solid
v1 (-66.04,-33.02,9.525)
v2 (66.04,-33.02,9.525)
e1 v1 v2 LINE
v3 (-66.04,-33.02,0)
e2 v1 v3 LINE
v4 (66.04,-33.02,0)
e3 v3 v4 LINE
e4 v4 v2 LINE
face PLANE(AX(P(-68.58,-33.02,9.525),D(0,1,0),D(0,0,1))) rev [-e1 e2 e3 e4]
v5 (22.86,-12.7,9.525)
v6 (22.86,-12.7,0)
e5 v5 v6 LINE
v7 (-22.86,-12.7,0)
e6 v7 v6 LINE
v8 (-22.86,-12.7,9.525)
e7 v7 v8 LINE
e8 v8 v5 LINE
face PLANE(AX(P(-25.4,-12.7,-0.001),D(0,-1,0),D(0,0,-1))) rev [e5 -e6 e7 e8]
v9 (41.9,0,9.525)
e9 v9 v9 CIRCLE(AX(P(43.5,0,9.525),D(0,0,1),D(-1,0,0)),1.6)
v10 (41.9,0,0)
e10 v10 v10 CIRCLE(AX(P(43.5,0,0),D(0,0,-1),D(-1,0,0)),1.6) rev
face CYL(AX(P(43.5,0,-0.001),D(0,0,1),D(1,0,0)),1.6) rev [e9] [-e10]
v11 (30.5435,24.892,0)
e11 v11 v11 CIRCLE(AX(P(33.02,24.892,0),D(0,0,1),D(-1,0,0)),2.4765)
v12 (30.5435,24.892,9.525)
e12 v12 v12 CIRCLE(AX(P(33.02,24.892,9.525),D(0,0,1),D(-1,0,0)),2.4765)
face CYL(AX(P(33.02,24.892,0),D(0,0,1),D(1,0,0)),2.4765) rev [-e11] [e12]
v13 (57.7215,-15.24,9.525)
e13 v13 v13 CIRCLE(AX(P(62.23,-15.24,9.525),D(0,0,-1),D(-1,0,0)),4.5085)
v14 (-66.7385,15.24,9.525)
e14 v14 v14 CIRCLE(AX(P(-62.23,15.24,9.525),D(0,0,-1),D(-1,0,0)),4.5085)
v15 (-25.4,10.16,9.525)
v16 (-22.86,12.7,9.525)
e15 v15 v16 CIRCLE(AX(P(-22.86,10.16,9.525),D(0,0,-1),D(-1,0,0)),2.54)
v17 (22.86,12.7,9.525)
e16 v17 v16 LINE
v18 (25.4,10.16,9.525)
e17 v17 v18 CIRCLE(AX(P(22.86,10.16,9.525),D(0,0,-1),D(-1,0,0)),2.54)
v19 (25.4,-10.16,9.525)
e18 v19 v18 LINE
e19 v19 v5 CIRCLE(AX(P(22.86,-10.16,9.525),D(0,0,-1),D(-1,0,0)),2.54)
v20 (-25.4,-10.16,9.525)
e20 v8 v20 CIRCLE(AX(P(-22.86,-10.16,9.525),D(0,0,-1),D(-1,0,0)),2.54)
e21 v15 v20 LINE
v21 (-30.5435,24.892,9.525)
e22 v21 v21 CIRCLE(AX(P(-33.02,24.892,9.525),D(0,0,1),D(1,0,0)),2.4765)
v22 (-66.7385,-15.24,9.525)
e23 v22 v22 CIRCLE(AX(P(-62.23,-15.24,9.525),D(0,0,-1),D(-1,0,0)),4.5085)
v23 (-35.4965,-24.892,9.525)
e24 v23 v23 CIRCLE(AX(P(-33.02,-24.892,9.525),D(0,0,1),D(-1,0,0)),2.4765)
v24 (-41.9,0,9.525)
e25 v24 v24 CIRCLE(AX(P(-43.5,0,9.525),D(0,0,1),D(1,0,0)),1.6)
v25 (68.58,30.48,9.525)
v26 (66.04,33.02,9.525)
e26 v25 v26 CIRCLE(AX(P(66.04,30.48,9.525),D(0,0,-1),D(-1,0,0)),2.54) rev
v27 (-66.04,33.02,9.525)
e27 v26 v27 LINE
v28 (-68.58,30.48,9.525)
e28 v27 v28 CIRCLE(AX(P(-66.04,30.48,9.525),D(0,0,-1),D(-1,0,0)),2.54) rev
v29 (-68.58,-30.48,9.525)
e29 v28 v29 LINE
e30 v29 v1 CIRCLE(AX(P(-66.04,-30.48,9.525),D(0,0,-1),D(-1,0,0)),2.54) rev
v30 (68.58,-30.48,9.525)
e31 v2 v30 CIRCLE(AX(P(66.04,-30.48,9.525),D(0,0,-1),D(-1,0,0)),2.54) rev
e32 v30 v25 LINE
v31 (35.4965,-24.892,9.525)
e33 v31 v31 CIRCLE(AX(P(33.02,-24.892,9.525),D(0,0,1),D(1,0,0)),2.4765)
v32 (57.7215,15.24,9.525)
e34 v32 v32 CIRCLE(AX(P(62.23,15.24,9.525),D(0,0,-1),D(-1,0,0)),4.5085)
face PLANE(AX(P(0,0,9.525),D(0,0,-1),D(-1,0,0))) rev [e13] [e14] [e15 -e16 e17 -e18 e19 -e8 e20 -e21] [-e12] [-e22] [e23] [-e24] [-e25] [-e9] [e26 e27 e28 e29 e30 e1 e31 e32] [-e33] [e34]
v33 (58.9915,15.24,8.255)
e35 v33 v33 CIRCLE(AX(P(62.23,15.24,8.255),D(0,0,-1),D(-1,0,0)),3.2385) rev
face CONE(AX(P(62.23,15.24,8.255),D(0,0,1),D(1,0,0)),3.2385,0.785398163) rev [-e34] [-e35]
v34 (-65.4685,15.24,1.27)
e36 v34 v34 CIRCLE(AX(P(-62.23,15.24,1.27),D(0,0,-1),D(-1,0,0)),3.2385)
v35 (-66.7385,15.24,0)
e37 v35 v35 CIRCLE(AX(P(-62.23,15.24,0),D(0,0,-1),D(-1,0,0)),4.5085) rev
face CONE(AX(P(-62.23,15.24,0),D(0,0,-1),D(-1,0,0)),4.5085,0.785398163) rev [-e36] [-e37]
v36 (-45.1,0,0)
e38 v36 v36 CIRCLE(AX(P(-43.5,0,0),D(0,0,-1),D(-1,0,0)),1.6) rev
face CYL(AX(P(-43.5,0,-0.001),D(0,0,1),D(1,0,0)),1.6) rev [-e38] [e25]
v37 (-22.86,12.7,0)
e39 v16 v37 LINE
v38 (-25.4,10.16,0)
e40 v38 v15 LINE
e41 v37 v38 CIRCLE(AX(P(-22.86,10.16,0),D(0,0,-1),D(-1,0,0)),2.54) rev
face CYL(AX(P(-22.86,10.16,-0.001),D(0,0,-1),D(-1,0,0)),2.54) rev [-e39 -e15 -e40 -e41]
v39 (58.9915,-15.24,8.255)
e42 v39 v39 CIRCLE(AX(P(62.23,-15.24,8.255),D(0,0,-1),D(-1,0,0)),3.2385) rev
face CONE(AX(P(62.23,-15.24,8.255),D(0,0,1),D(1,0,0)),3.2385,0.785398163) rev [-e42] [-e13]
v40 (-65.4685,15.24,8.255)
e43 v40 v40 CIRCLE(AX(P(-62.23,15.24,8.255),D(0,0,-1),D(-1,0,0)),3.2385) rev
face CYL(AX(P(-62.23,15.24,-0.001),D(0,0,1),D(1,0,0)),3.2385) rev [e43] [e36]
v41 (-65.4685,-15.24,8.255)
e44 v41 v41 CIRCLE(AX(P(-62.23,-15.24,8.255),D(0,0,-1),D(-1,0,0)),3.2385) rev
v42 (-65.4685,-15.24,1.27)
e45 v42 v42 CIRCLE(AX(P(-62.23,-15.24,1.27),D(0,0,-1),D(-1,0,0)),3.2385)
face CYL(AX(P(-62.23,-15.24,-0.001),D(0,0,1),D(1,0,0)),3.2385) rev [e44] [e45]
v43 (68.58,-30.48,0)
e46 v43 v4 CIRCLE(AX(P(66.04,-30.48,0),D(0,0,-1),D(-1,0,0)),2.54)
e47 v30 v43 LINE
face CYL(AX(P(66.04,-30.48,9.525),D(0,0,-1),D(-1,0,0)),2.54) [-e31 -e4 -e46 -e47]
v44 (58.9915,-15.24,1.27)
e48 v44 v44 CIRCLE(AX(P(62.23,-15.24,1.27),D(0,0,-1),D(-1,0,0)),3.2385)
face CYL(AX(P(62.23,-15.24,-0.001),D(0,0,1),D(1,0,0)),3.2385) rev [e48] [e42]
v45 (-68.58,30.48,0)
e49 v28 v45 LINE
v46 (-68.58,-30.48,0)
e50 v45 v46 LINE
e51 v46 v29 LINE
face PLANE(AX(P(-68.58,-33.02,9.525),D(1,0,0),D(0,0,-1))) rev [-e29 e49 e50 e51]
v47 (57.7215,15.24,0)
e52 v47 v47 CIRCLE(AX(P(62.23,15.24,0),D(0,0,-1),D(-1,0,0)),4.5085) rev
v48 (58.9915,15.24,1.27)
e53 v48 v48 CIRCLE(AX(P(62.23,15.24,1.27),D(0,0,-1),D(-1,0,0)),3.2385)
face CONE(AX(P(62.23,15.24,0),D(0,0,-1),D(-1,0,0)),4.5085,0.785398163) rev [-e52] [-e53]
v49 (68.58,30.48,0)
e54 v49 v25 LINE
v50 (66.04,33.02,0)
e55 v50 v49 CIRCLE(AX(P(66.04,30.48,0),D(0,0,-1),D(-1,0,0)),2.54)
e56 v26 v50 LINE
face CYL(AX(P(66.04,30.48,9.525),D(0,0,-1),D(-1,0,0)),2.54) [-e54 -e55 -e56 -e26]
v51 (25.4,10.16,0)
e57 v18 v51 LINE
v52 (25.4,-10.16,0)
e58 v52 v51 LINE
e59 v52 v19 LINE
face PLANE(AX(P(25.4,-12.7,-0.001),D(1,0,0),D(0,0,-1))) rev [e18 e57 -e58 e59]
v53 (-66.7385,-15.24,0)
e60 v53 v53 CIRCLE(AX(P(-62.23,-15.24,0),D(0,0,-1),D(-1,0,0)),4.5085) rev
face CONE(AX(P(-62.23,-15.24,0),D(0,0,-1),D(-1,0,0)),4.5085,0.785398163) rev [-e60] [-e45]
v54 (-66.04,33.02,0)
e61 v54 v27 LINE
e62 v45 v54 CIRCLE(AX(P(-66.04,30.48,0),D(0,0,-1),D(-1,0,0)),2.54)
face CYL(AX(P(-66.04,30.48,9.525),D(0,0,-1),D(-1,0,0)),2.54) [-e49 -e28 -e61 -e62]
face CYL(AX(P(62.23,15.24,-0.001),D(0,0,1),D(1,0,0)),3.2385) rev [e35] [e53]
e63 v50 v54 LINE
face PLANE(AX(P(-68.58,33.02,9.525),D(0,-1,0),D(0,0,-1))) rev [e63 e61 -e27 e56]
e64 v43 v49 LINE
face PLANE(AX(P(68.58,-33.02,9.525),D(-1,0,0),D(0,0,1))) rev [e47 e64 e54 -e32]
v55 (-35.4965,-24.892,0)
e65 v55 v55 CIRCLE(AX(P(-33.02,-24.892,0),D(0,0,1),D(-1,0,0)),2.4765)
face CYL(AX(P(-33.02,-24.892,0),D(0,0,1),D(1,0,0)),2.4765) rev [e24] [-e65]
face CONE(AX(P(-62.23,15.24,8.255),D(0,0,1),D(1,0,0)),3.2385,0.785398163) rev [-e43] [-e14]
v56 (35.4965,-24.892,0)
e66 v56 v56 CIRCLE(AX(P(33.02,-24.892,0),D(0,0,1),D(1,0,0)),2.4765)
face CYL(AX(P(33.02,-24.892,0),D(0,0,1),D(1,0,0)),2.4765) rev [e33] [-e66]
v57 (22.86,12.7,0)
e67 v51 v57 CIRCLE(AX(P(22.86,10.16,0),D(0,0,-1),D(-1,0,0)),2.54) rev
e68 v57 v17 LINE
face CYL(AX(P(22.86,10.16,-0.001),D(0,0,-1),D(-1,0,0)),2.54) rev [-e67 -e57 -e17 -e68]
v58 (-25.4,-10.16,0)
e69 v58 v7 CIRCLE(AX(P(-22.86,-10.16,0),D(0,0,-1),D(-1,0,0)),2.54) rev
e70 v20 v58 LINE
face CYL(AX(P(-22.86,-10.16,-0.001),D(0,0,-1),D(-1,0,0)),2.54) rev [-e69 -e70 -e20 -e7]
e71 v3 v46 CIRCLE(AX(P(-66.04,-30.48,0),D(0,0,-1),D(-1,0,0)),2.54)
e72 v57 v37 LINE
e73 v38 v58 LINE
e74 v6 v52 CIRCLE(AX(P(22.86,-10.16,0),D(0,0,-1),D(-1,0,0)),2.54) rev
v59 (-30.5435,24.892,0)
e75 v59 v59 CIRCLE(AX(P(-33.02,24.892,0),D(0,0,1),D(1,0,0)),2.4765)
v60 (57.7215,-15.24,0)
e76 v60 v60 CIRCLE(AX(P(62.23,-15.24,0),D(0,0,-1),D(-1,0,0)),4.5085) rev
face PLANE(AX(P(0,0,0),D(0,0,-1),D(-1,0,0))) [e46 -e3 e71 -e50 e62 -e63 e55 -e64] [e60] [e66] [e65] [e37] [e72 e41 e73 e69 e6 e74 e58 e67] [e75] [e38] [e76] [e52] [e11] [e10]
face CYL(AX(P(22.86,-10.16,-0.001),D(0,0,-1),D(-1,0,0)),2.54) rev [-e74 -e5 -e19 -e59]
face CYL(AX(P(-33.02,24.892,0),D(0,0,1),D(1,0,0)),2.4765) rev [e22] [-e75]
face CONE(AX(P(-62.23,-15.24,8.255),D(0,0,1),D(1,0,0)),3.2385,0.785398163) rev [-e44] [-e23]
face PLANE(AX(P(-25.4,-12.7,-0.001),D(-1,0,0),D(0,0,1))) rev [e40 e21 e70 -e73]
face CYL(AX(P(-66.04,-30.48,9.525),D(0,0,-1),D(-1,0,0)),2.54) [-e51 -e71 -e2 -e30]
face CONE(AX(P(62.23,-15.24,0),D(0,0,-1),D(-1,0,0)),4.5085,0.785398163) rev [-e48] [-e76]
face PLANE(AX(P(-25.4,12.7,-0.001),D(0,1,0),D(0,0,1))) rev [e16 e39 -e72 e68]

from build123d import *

# Parameters (mm, degrees)
SKETCH1_W           = 137.16
SKETCH1_H           = 66.04
BOSS_EXTRUDE1_DEPTH = 9.525
SKETCH3_R           = 2.4765
CUT_EXTRUDE1_DEPTH  = 10.525
CUT_EXTRUDE2_REACH  = 11.525
SKETCH4_R           = 3.2385
CUT_EXTRUDE3_REACH  = 11.525
SKETCH5_R           = 1.6
CUT_EXTRUDE4_REACH  = 11.525
SKETCH6_W           = 50.8
SKETCH6_H           = 25.4
FILLET1_R           = 2.54
FILLET2_R           = 2.54
CHAMFER1_SIZE       = 1.27


with BuildPart() as part:
    # Sketch1 → Boss-Extrude1 (new body)
    with BuildSketch(Plane.XY):
        Rectangle(SKETCH1_W, SKETCH1_H)
    extrude(amount=BOSS_EXTRUDE1_DEPTH)

    # Sketch3 → Cut-Extrude1 (cut, through all)
    with BuildSketch(Plane.XY.offset(9.525)):
        with Locations((-33.02, 24.892)):
            Circle(SKETCH3_R)
        with Locations((33.02, 24.892)):
            Circle(SKETCH3_R)
        with Locations((33.02, -24.892)):
            Circle(SKETCH3_R)
        with Locations((-33.02, -24.892)):
            Circle(SKETCH3_R)
    extrude(amount=-CUT_EXTRUDE1_DEPTH, mode=Mode.SUBTRACT)

    # Sketch4 → Cut-Extrude2 (cut, up to next)
    with BuildSketch(Plane.XY.offset(9.525), mode=Mode.PRIVATE) as cut_extrude2_sk1:
        with Locations((-62.23, 15.24)):
            Circle(SKETCH4_R)
    cut_extrude2_tool1 = extrude(cut_extrude2_sk1.sketch, amount=-CUT_EXTRUDE2_REACH, mode=Mode.PRIVATE) & part.part
    add(cut_extrude2_tool1.solids().sort_by_distance((-62.23, 15.24, 9.525))[0], mode=Mode.SUBTRACT)
    # Sketch4 → Cut-Extrude2 (cut, up to next)
    with BuildSketch(Plane.XY.offset(9.525), mode=Mode.PRIVATE) as cut_extrude2_sk2:
        with Locations((62.23, 15.24)):
            Circle(SKETCH4_R)
    cut_extrude2_tool2 = extrude(cut_extrude2_sk2.sketch, amount=-CUT_EXTRUDE2_REACH, mode=Mode.PRIVATE) & part.part
    add(cut_extrude2_tool2.solids().sort_by_distance((62.23, 15.24, 9.525))[0], mode=Mode.SUBTRACT)
    # Sketch4 → Cut-Extrude2 (cut, up to next)
    with BuildSketch(Plane.XY.offset(9.525), mode=Mode.PRIVATE) as cut_extrude2_sk3:
        with Locations((62.23, -15.24)):
            Circle(SKETCH4_R)
    cut_extrude2_tool3 = extrude(cut_extrude2_sk3.sketch, amount=-CUT_EXTRUDE2_REACH, mode=Mode.PRIVATE) & part.part
    add(cut_extrude2_tool3.solids().sort_by_distance((62.23, -15.24, 9.525))[0], mode=Mode.SUBTRACT)
    # Sketch4 → Cut-Extrude2 (cut, up to next)
    with BuildSketch(Plane.XY.offset(9.525), mode=Mode.PRIVATE) as cut_extrude2_sk4:
        with Locations((-62.23, -15.24)):
            Circle(SKETCH4_R)
    cut_extrude2_tool4 = extrude(cut_extrude2_sk4.sketch, amount=-CUT_EXTRUDE2_REACH, mode=Mode.PRIVATE) & part.part
    add(cut_extrude2_tool4.solids().sort_by_distance((-62.23, -15.24, 9.525))[0], mode=Mode.SUBTRACT)

    # Sketch5 → Cut-Extrude3 (cut, up to next)
    with BuildSketch(Plane.XY.offset(9.525), mode=Mode.PRIVATE) as cut_extrude3_sk1:
        with Locations((-43.5, 0)):
            Circle(SKETCH5_R)
    cut_extrude3_tool1 = extrude(cut_extrude3_sk1.sketch, amount=-CUT_EXTRUDE3_REACH, mode=Mode.PRIVATE) & part.part
    add(cut_extrude3_tool1.solids().sort_by_distance((-43.5, 0, 9.525))[0], mode=Mode.SUBTRACT)
    # Sketch5 → Cut-Extrude3 (cut, up to next)
    with BuildSketch(Plane.XY.offset(9.525), mode=Mode.PRIVATE) as cut_extrude3_sk2:
        with Locations((43.5, 0)):
            Circle(SKETCH5_R)
    cut_extrude3_tool2 = extrude(cut_extrude3_sk2.sketch, amount=-CUT_EXTRUDE3_REACH, mode=Mode.PRIVATE) & part.part
    add(cut_extrude3_tool2.solids().sort_by_distance((43.5, 0, 9.525))[0], mode=Mode.SUBTRACT)

    # Sketch6 → Cut-Extrude4 (cut, up to next)
    with BuildSketch(Plane.XY.offset(9.525), mode=Mode.PRIVATE) as cut_extrude4_sk1:
        Rectangle(SKETCH6_W, SKETCH6_H)
    cut_extrude4_tool1 = extrude(cut_extrude4_sk1.sketch, amount=-CUT_EXTRUDE4_REACH, mode=Mode.PRIVATE) & part.part
    add(cut_extrude4_tool1.solids().sort_by_distance((0, 0, 9.525))[0], mode=Mode.SUBTRACT)

    # Fillet1
    fillet1_edges = [part.edges().sort_by_distance(p)[0] for p in [
        (68.58, -33.02, 4.7625),
        (-68.58, -33.02, 4.7625),
        (-68.58, 33.02, 4.7625),
        (68.58, 33.02, 4.7625),
    ]]
    fillet(fillet1_edges, radius=FILLET1_R)

    # Fillet2
    fillet2_edges = [part.edges().sort_by_distance(p)[0] for p in [
        (25.4, 12.7, 4.7625),
        (25.4, -12.7, 4.7625),
        (-25.4, -12.7, 4.7625),
        (-25.4, 12.7, 4.7625),
    ]]
    fillet(fillet2_edges, radius=FILLET2_R)

    # Chamfer1
    chamfer1_edges = [part.edges().sort_by_distance(p)[0] for p in [
        (-65.4685, 15.24, 0),
        (-65.4685, 15.24, 9.525),
        (58.9915, 15.24, 0),
        (58.9915, 15.24, 9.525),
        (58.9915, -15.24, 0),
        (58.9915, -15.24, 9.525),
        (-65.4685, -15.24, 0),
        (-65.4685, -15.24, 9.525),
    ]]
    chamfer(chamfer1_edges, length=CHAMFER1_SIZE)


solid = part.part
